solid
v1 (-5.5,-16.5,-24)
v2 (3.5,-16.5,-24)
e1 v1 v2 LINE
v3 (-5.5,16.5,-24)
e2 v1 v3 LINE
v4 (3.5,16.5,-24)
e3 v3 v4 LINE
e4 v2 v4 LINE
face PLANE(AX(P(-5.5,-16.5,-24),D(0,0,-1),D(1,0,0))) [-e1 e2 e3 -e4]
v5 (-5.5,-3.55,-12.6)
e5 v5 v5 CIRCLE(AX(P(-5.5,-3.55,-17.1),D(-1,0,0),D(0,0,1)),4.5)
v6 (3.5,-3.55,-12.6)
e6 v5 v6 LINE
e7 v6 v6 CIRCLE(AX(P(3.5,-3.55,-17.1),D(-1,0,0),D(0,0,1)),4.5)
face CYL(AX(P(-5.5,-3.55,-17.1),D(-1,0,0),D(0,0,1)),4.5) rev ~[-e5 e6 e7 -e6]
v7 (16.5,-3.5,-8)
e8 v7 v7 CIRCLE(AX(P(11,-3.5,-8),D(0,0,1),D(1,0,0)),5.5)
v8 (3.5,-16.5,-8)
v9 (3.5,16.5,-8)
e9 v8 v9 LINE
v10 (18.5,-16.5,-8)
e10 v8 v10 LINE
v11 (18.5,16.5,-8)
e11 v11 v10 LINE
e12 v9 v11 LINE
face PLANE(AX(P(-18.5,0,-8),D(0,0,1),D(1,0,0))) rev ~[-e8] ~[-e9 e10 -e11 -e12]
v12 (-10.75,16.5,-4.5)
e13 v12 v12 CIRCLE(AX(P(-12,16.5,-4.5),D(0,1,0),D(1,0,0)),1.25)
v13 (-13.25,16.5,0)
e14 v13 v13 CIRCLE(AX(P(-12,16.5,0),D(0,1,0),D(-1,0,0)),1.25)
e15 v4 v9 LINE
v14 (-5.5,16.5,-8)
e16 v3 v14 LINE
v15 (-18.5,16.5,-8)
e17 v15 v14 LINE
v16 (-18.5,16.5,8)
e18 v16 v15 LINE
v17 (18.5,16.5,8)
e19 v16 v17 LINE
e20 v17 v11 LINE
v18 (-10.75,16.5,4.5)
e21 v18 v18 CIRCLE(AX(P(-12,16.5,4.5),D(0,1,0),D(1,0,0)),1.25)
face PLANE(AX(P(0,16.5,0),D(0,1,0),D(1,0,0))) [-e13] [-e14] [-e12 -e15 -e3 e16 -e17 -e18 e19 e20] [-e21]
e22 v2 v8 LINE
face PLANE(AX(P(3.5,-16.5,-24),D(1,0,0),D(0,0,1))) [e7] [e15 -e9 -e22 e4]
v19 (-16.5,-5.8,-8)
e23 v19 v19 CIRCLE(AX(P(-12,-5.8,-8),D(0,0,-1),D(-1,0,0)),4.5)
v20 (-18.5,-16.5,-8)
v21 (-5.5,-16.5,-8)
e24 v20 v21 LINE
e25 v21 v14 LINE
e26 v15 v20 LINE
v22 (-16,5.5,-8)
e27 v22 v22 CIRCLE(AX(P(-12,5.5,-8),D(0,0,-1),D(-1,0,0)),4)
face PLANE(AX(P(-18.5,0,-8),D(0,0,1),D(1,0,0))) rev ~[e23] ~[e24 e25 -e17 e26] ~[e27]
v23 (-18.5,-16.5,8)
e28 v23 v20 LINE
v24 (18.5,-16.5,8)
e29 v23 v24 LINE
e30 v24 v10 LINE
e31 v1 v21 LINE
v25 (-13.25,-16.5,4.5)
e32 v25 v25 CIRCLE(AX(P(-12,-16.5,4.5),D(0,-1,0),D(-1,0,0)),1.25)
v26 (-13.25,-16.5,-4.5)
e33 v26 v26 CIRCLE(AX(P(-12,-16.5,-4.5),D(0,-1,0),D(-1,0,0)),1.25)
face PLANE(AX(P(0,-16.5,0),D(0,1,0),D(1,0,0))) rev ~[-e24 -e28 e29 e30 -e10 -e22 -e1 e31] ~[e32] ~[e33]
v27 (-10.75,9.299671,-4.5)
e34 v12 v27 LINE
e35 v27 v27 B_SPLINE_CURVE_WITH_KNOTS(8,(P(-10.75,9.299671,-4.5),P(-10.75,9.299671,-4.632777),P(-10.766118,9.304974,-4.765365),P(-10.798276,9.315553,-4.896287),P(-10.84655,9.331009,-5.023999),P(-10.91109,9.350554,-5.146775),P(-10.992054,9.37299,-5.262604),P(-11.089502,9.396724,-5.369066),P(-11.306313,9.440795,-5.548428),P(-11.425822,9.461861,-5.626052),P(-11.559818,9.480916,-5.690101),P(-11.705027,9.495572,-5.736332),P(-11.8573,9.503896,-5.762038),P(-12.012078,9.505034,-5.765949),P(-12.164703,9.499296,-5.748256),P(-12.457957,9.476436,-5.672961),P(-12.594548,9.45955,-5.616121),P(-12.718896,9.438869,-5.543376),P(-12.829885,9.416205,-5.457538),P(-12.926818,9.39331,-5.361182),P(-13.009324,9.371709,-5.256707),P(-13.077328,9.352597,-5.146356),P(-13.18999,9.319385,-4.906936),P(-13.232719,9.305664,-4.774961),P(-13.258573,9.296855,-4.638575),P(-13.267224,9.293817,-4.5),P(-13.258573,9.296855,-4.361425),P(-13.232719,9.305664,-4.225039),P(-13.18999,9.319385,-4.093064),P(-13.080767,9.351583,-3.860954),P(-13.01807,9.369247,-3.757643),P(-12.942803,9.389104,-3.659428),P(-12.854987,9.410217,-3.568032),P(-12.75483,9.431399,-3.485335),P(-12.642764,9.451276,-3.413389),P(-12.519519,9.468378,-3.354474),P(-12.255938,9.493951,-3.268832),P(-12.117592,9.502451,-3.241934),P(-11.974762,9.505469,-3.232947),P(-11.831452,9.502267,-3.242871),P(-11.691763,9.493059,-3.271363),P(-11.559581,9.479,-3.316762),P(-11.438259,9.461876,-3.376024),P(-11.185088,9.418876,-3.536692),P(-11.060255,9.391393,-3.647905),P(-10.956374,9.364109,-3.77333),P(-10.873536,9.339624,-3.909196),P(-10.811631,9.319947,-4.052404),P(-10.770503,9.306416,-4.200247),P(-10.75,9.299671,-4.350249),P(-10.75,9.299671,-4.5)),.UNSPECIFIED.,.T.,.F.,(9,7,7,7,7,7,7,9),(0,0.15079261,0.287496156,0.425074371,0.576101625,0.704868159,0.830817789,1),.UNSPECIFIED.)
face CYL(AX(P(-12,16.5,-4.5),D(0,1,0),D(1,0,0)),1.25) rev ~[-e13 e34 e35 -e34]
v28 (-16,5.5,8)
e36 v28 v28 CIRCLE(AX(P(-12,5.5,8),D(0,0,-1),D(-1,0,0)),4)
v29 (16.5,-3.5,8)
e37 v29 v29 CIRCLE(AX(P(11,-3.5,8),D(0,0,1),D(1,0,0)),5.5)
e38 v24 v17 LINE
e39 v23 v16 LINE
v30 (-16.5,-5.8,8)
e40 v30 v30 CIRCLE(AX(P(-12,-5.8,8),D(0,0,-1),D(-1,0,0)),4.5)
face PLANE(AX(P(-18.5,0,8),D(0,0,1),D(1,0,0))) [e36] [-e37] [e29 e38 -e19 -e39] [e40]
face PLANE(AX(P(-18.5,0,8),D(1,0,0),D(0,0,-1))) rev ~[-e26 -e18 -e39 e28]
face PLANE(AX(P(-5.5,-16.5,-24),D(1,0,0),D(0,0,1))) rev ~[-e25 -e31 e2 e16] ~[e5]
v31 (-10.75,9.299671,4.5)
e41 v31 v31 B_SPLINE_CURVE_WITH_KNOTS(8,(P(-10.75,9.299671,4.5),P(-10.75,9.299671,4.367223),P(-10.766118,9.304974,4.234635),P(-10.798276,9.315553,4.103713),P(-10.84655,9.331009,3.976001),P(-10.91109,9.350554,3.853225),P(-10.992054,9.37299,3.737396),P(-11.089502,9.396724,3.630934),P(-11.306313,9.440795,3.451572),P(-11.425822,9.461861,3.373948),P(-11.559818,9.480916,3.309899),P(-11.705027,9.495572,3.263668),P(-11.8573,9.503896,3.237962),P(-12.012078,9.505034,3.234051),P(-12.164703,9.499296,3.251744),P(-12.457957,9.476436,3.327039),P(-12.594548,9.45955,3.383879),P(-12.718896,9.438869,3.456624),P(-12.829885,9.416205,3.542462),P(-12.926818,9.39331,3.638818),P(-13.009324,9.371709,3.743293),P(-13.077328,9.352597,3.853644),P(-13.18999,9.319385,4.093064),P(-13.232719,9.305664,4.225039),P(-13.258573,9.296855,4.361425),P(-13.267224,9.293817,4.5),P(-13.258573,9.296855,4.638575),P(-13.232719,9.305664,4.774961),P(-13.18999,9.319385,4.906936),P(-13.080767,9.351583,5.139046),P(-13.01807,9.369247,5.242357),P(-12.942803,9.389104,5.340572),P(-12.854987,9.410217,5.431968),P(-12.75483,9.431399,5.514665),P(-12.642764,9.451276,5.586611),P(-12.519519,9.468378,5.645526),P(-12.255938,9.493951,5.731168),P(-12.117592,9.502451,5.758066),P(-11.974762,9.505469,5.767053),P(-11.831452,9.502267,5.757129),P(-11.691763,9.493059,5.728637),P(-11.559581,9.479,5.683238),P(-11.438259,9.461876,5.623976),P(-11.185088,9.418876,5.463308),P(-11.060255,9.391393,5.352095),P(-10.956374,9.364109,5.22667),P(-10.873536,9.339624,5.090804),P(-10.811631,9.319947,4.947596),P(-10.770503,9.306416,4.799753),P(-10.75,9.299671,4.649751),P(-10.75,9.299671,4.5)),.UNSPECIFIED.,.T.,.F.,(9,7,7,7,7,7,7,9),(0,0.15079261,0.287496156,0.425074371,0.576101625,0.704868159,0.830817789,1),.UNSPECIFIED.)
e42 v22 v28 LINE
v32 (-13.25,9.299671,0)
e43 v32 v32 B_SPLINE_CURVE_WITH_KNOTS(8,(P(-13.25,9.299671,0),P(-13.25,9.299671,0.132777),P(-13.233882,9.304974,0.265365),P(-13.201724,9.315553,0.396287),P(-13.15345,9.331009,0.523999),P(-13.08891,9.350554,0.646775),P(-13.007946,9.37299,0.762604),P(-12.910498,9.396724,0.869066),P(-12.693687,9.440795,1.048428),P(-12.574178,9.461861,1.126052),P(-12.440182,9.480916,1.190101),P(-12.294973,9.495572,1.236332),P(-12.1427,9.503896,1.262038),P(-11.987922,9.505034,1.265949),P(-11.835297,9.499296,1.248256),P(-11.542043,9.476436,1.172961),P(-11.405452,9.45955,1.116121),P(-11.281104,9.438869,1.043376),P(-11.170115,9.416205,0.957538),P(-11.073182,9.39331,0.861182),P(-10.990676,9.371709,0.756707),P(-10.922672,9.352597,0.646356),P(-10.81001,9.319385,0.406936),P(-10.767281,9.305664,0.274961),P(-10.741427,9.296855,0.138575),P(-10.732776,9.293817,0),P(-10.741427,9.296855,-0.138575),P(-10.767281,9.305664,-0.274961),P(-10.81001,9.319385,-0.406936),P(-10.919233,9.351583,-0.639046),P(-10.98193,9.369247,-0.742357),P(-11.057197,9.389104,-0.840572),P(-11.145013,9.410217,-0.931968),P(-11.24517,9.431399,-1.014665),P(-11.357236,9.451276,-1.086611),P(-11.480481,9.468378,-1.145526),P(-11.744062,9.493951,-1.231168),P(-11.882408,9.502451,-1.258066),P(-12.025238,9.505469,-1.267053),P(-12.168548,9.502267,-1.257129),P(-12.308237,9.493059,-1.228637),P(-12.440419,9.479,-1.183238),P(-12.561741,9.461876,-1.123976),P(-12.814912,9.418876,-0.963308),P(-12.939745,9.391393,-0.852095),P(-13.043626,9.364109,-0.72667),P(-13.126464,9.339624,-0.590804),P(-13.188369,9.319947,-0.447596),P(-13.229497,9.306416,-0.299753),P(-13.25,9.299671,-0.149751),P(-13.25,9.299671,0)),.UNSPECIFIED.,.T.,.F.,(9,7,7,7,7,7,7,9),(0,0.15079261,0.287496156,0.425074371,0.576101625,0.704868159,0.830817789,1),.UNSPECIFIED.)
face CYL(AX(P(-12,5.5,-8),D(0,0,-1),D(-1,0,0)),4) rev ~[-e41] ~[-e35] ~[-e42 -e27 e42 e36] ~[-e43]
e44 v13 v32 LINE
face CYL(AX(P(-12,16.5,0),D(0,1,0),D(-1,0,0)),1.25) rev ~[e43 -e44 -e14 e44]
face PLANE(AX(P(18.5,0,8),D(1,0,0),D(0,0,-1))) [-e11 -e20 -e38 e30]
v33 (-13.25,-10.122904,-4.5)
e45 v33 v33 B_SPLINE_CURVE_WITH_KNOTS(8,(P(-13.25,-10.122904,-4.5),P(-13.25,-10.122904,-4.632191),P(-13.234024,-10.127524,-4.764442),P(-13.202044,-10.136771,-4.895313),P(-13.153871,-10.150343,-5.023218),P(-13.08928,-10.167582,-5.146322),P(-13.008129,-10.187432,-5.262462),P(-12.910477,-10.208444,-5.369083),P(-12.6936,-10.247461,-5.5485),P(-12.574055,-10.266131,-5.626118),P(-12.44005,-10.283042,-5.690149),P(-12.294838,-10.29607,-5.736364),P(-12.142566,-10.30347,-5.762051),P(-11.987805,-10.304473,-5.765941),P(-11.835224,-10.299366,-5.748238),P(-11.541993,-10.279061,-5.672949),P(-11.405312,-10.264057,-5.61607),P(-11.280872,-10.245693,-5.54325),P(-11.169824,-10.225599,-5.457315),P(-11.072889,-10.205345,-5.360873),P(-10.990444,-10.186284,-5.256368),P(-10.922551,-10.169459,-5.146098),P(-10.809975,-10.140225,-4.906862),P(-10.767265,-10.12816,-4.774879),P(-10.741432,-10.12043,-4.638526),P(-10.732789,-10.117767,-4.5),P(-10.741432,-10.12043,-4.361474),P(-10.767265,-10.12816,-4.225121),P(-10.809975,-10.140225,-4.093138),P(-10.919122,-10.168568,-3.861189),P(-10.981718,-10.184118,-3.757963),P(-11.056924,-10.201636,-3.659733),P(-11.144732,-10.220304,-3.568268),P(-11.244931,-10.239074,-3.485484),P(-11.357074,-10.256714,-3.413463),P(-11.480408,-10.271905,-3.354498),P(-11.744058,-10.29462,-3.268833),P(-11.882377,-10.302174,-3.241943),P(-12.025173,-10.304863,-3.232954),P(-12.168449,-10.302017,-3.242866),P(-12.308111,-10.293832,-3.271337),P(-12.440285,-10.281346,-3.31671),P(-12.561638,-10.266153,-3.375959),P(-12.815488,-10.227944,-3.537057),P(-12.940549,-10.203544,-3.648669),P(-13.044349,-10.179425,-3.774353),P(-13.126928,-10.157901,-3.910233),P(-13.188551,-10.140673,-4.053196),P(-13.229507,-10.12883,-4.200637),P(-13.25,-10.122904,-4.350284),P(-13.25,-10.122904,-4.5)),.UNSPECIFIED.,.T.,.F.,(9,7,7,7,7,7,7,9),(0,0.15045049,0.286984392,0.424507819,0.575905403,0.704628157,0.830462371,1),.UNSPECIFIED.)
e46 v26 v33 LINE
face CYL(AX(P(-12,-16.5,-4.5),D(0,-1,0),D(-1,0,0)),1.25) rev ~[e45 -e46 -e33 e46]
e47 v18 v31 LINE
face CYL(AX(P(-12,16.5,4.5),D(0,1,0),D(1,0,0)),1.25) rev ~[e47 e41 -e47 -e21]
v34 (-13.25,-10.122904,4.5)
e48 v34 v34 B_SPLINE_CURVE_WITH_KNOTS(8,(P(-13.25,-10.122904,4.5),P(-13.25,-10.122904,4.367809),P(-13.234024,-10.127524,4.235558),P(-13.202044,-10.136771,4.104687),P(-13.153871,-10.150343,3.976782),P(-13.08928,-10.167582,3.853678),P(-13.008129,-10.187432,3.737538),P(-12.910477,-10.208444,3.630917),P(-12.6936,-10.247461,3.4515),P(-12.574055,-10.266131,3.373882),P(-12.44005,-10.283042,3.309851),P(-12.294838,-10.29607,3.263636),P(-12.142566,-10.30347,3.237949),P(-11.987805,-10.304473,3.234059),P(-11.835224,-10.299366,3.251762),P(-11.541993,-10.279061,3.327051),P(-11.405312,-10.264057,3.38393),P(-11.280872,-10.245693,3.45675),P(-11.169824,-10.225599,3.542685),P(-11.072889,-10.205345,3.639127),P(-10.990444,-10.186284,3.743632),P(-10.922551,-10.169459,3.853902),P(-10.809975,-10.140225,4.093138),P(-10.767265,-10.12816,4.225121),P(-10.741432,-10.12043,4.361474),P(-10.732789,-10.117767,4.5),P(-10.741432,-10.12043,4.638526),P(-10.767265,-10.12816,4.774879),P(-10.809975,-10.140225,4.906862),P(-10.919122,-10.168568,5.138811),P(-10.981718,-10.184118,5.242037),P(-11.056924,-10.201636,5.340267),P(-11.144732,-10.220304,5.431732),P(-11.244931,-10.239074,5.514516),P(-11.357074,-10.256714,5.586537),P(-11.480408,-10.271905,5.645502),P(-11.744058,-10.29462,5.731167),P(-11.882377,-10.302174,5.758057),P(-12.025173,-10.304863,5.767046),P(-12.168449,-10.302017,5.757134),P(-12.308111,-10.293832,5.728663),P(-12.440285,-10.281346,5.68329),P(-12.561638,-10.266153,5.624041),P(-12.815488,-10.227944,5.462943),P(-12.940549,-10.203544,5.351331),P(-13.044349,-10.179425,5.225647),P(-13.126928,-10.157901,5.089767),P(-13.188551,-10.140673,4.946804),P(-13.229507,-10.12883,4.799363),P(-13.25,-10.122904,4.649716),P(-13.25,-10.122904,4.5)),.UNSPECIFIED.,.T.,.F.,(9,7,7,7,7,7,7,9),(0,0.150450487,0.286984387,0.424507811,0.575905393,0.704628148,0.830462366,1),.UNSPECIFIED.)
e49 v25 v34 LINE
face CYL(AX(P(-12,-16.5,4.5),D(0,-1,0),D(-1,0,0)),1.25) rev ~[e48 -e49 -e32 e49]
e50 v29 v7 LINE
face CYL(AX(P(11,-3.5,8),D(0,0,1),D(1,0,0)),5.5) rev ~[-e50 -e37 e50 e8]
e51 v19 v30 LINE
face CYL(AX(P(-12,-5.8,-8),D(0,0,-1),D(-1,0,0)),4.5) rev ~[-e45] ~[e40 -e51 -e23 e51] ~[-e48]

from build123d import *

# Parameters (mm, degrees)
ESQUISSE1_W             = 37
ESQUISSE1_H             = 16
BOSS_EXTRU_1_DEPTH      = 16.5
ESQUISSE3_R             = 5.5
ENL_V_MAT_EXTRU_2_DEPTH = 30.504236984
ESQUISSE14_R            = 4.5
ENL_V_MAT_EXTRU_3_DEPTH = 30.504236984
ESQUISSE15_R            = 4
ENL_V_MAT_EXTRU_4_DEPTH = 30.504236984
TROU_TARAUD_M34_REACH   = 40.668
TROU_TARAUD_M34_BORE_R  = 1.25
TROU_TARAUD_M35_REACH   = 40.668
TROU_TARAUD_M35_BORE_R  = 1.25
TROU_TARAUD_M36_REACH   = 41.444
TROU_TARAUD_M36_BORE_R  = 1.25
ESQUISSE18_W            = 9
ESQUISSE18_H            = 16
BOSS_EXTRU_2_DEPTH      = 33
ESQUISSE20_R            = 4.5
ENL_V_MAT_EXTRU_5_DEPTH = 38.73923692


with BuildPart() as part:
    # Esquisse1 → Boss.-Extru.1 (new, symmetric)
    with BuildSketch(Plane(origin=(0, 0, 0), x_dir=(1, 0, 0), z_dir=(0, 1, 0))):
        Rectangle(ESQUISSE1_W, ESQUISSE1_H)
    extrude(amount=BOSS_EXTRU_1_DEPTH, both=True)

    # Esquisse3 → Enlèv. mat.-Extru.2 (cut, through all)
    with BuildSketch(Plane.XY.offset(8)):
        with Locations((11, -3.5)):
            Circle(ESQUISSE3_R)
    extrude(amount=-ENL_V_MAT_EXTRU_2_DEPTH, mode=Mode.SUBTRACT)

    # Esquisse14 → Enlèv. mat.-Extru.3 (cut, through all)
    with BuildSketch(Plane(origin=(0, 0, -8), x_dir=(-1, 0, 0), z_dir=(0, 0, -1))):
        with Locations((12, -5.8)):
            Circle(ESQUISSE14_R)
    extrude(amount=-ENL_V_MAT_EXTRU_3_DEPTH, mode=Mode.SUBTRACT)

    # Esquisse15 → Enlèv. mat.-Extru.4 (cut, through all)
    with BuildSketch(Plane(origin=(0, 0, -8), x_dir=(-1, 0, 0), z_dir=(0, 0, -1))):
        with Locations((12, 5.5)):
            Circle(ESQUISSE15_R)
    extrude(amount=-ENL_V_MAT_EXTRU_4_DEPTH, mode=Mode.SUBTRACT)

    # Trou taraudé M34 bore → Trou taraudé M34 (cut, up to next)
    with BuildSketch(Plane(origin=(0, 16.5, 0), x_dir=(1, 0, 0), z_dir=(0, 1, 0)), mode=Mode.PRIVATE) as trou_taraud_m34_sk1:
        with Locations((-12, -4.5)):
            Circle(TROU_TARAUD_M34_BORE_R)
    trou_taraud_m34_tool1 = extrude(trou_taraud_m34_sk1.sketch, amount=-TROU_TARAUD_M34_REACH, mode=Mode.PRIVATE) & part.part
    # Trou taraudé M34 bore → Trou taraudé M34 (cut, up to next)
    with BuildSketch(Plane(origin=(0, 16.5, 0), x_dir=(1, 0, 0), z_dir=(0, 1, 0)), mode=Mode.PRIVATE) as trou_taraud_m34_sk2:
        with Locations((-12, 4.5)):
            Circle(TROU_TARAUD_M34_BORE_R)
    trou_taraud_m34_tool2 = extrude(trou_taraud_m34_sk2.sketch, amount=-TROU_TARAUD_M34_REACH, mode=Mode.PRIVATE) & part.part
    add(trou_taraud_m34_tool1.solids().sort_by_distance((-12, 16.5, 4.5))[0], mode=Mode.SUBTRACT)
    add(trou_taraud_m34_tool2.solids().sort_by_distance((-12, 16.5, -4.5))[0], mode=Mode.SUBTRACT)

    # Trou taraudé M35 bore → Trou taraudé M35 (cut, up to next)
    with BuildSketch(Plane(origin=(0, -16.5, 0), x_dir=(-1, 0, 0), z_dir=(0, -1, 0)), mode=Mode.PRIVATE) as trou_taraud_m35_sk1:
        with Locations((12, -4.5)):
            Circle(TROU_TARAUD_M35_BORE_R)
    trou_taraud_m35_tool1 = extrude(trou_taraud_m35_sk1.sketch, amount=-TROU_TARAUD_M35_REACH, mode=Mode.PRIVATE) & part.part
    # Trou taraudé M35 bore → Trou taraudé M35 (cut, up to next)
    with BuildSketch(Plane(origin=(0, -16.5, 0), x_dir=(-1, 0, 0), z_dir=(0, -1, 0)), mode=Mode.PRIVATE) as trou_taraud_m35_sk2:
        with Locations((12, 4.5)):
            Circle(TROU_TARAUD_M35_BORE_R)
    trou_taraud_m35_tool2 = extrude(trou_taraud_m35_sk2.sketch, amount=-TROU_TARAUD_M35_REACH, mode=Mode.PRIVATE) & part.part
    add(trou_taraud_m35_tool1.solids().sort_by_distance((-12, -16.5, 4.5))[0], mode=Mode.SUBTRACT)
    add(trou_taraud_m35_tool2.solids().sort_by_distance((-12, -16.5, -4.5))[0], mode=Mode.SUBTRACT)

    # Trou taraudé M36 bore → Trou taraudé M36 (cut, up to next)
    with BuildSketch(Plane(origin=(-1.446004376, 16.5, -0.30351444), x_dir=(-1, 0, 0), z_dir=(0, 1, 0)), mode=Mode.PRIVATE) as trou_taraud_m36_sk1:
        with Locations((10.553995624, 0.30351444)):
            Circle(TROU_TARAUD_M36_BORE_R)
    trou_taraud_m36_tool1 = extrude(trou_taraud_m36_sk1.sketch, amount=-TROU_TARAUD_M36_REACH, mode=Mode.PRIVATE) & part.part
    add(trou_taraud_m36_tool1.solids().sort_by_distance((-12, 16.5, 0))[0], mode=Mode.SUBTRACT)

    # Esquisse18 → Boss.-Extru.2 (add)
    with BuildSketch(Plane.XZ.offset(16.5)):
        with Locations((-1, -16)):
            Rectangle(ESQUISSE18_W, ESQUISSE18_H)
    extrude(amount=-BOSS_EXTRU_2_DEPTH)

    # Esquisse20 → Enlèv. mat.-Extru.5 (cut, through all)
    with BuildSketch(Plane.ZY.offset(5.5)):
        with Locations((-17.1, -3.55)):
            Circle(ESQUISSE20_R)
    extrude(amount=-ENL_V_MAT_EXTRU_5_DEPTH, mode=Mode.SUBTRACT)


solid = part.part
